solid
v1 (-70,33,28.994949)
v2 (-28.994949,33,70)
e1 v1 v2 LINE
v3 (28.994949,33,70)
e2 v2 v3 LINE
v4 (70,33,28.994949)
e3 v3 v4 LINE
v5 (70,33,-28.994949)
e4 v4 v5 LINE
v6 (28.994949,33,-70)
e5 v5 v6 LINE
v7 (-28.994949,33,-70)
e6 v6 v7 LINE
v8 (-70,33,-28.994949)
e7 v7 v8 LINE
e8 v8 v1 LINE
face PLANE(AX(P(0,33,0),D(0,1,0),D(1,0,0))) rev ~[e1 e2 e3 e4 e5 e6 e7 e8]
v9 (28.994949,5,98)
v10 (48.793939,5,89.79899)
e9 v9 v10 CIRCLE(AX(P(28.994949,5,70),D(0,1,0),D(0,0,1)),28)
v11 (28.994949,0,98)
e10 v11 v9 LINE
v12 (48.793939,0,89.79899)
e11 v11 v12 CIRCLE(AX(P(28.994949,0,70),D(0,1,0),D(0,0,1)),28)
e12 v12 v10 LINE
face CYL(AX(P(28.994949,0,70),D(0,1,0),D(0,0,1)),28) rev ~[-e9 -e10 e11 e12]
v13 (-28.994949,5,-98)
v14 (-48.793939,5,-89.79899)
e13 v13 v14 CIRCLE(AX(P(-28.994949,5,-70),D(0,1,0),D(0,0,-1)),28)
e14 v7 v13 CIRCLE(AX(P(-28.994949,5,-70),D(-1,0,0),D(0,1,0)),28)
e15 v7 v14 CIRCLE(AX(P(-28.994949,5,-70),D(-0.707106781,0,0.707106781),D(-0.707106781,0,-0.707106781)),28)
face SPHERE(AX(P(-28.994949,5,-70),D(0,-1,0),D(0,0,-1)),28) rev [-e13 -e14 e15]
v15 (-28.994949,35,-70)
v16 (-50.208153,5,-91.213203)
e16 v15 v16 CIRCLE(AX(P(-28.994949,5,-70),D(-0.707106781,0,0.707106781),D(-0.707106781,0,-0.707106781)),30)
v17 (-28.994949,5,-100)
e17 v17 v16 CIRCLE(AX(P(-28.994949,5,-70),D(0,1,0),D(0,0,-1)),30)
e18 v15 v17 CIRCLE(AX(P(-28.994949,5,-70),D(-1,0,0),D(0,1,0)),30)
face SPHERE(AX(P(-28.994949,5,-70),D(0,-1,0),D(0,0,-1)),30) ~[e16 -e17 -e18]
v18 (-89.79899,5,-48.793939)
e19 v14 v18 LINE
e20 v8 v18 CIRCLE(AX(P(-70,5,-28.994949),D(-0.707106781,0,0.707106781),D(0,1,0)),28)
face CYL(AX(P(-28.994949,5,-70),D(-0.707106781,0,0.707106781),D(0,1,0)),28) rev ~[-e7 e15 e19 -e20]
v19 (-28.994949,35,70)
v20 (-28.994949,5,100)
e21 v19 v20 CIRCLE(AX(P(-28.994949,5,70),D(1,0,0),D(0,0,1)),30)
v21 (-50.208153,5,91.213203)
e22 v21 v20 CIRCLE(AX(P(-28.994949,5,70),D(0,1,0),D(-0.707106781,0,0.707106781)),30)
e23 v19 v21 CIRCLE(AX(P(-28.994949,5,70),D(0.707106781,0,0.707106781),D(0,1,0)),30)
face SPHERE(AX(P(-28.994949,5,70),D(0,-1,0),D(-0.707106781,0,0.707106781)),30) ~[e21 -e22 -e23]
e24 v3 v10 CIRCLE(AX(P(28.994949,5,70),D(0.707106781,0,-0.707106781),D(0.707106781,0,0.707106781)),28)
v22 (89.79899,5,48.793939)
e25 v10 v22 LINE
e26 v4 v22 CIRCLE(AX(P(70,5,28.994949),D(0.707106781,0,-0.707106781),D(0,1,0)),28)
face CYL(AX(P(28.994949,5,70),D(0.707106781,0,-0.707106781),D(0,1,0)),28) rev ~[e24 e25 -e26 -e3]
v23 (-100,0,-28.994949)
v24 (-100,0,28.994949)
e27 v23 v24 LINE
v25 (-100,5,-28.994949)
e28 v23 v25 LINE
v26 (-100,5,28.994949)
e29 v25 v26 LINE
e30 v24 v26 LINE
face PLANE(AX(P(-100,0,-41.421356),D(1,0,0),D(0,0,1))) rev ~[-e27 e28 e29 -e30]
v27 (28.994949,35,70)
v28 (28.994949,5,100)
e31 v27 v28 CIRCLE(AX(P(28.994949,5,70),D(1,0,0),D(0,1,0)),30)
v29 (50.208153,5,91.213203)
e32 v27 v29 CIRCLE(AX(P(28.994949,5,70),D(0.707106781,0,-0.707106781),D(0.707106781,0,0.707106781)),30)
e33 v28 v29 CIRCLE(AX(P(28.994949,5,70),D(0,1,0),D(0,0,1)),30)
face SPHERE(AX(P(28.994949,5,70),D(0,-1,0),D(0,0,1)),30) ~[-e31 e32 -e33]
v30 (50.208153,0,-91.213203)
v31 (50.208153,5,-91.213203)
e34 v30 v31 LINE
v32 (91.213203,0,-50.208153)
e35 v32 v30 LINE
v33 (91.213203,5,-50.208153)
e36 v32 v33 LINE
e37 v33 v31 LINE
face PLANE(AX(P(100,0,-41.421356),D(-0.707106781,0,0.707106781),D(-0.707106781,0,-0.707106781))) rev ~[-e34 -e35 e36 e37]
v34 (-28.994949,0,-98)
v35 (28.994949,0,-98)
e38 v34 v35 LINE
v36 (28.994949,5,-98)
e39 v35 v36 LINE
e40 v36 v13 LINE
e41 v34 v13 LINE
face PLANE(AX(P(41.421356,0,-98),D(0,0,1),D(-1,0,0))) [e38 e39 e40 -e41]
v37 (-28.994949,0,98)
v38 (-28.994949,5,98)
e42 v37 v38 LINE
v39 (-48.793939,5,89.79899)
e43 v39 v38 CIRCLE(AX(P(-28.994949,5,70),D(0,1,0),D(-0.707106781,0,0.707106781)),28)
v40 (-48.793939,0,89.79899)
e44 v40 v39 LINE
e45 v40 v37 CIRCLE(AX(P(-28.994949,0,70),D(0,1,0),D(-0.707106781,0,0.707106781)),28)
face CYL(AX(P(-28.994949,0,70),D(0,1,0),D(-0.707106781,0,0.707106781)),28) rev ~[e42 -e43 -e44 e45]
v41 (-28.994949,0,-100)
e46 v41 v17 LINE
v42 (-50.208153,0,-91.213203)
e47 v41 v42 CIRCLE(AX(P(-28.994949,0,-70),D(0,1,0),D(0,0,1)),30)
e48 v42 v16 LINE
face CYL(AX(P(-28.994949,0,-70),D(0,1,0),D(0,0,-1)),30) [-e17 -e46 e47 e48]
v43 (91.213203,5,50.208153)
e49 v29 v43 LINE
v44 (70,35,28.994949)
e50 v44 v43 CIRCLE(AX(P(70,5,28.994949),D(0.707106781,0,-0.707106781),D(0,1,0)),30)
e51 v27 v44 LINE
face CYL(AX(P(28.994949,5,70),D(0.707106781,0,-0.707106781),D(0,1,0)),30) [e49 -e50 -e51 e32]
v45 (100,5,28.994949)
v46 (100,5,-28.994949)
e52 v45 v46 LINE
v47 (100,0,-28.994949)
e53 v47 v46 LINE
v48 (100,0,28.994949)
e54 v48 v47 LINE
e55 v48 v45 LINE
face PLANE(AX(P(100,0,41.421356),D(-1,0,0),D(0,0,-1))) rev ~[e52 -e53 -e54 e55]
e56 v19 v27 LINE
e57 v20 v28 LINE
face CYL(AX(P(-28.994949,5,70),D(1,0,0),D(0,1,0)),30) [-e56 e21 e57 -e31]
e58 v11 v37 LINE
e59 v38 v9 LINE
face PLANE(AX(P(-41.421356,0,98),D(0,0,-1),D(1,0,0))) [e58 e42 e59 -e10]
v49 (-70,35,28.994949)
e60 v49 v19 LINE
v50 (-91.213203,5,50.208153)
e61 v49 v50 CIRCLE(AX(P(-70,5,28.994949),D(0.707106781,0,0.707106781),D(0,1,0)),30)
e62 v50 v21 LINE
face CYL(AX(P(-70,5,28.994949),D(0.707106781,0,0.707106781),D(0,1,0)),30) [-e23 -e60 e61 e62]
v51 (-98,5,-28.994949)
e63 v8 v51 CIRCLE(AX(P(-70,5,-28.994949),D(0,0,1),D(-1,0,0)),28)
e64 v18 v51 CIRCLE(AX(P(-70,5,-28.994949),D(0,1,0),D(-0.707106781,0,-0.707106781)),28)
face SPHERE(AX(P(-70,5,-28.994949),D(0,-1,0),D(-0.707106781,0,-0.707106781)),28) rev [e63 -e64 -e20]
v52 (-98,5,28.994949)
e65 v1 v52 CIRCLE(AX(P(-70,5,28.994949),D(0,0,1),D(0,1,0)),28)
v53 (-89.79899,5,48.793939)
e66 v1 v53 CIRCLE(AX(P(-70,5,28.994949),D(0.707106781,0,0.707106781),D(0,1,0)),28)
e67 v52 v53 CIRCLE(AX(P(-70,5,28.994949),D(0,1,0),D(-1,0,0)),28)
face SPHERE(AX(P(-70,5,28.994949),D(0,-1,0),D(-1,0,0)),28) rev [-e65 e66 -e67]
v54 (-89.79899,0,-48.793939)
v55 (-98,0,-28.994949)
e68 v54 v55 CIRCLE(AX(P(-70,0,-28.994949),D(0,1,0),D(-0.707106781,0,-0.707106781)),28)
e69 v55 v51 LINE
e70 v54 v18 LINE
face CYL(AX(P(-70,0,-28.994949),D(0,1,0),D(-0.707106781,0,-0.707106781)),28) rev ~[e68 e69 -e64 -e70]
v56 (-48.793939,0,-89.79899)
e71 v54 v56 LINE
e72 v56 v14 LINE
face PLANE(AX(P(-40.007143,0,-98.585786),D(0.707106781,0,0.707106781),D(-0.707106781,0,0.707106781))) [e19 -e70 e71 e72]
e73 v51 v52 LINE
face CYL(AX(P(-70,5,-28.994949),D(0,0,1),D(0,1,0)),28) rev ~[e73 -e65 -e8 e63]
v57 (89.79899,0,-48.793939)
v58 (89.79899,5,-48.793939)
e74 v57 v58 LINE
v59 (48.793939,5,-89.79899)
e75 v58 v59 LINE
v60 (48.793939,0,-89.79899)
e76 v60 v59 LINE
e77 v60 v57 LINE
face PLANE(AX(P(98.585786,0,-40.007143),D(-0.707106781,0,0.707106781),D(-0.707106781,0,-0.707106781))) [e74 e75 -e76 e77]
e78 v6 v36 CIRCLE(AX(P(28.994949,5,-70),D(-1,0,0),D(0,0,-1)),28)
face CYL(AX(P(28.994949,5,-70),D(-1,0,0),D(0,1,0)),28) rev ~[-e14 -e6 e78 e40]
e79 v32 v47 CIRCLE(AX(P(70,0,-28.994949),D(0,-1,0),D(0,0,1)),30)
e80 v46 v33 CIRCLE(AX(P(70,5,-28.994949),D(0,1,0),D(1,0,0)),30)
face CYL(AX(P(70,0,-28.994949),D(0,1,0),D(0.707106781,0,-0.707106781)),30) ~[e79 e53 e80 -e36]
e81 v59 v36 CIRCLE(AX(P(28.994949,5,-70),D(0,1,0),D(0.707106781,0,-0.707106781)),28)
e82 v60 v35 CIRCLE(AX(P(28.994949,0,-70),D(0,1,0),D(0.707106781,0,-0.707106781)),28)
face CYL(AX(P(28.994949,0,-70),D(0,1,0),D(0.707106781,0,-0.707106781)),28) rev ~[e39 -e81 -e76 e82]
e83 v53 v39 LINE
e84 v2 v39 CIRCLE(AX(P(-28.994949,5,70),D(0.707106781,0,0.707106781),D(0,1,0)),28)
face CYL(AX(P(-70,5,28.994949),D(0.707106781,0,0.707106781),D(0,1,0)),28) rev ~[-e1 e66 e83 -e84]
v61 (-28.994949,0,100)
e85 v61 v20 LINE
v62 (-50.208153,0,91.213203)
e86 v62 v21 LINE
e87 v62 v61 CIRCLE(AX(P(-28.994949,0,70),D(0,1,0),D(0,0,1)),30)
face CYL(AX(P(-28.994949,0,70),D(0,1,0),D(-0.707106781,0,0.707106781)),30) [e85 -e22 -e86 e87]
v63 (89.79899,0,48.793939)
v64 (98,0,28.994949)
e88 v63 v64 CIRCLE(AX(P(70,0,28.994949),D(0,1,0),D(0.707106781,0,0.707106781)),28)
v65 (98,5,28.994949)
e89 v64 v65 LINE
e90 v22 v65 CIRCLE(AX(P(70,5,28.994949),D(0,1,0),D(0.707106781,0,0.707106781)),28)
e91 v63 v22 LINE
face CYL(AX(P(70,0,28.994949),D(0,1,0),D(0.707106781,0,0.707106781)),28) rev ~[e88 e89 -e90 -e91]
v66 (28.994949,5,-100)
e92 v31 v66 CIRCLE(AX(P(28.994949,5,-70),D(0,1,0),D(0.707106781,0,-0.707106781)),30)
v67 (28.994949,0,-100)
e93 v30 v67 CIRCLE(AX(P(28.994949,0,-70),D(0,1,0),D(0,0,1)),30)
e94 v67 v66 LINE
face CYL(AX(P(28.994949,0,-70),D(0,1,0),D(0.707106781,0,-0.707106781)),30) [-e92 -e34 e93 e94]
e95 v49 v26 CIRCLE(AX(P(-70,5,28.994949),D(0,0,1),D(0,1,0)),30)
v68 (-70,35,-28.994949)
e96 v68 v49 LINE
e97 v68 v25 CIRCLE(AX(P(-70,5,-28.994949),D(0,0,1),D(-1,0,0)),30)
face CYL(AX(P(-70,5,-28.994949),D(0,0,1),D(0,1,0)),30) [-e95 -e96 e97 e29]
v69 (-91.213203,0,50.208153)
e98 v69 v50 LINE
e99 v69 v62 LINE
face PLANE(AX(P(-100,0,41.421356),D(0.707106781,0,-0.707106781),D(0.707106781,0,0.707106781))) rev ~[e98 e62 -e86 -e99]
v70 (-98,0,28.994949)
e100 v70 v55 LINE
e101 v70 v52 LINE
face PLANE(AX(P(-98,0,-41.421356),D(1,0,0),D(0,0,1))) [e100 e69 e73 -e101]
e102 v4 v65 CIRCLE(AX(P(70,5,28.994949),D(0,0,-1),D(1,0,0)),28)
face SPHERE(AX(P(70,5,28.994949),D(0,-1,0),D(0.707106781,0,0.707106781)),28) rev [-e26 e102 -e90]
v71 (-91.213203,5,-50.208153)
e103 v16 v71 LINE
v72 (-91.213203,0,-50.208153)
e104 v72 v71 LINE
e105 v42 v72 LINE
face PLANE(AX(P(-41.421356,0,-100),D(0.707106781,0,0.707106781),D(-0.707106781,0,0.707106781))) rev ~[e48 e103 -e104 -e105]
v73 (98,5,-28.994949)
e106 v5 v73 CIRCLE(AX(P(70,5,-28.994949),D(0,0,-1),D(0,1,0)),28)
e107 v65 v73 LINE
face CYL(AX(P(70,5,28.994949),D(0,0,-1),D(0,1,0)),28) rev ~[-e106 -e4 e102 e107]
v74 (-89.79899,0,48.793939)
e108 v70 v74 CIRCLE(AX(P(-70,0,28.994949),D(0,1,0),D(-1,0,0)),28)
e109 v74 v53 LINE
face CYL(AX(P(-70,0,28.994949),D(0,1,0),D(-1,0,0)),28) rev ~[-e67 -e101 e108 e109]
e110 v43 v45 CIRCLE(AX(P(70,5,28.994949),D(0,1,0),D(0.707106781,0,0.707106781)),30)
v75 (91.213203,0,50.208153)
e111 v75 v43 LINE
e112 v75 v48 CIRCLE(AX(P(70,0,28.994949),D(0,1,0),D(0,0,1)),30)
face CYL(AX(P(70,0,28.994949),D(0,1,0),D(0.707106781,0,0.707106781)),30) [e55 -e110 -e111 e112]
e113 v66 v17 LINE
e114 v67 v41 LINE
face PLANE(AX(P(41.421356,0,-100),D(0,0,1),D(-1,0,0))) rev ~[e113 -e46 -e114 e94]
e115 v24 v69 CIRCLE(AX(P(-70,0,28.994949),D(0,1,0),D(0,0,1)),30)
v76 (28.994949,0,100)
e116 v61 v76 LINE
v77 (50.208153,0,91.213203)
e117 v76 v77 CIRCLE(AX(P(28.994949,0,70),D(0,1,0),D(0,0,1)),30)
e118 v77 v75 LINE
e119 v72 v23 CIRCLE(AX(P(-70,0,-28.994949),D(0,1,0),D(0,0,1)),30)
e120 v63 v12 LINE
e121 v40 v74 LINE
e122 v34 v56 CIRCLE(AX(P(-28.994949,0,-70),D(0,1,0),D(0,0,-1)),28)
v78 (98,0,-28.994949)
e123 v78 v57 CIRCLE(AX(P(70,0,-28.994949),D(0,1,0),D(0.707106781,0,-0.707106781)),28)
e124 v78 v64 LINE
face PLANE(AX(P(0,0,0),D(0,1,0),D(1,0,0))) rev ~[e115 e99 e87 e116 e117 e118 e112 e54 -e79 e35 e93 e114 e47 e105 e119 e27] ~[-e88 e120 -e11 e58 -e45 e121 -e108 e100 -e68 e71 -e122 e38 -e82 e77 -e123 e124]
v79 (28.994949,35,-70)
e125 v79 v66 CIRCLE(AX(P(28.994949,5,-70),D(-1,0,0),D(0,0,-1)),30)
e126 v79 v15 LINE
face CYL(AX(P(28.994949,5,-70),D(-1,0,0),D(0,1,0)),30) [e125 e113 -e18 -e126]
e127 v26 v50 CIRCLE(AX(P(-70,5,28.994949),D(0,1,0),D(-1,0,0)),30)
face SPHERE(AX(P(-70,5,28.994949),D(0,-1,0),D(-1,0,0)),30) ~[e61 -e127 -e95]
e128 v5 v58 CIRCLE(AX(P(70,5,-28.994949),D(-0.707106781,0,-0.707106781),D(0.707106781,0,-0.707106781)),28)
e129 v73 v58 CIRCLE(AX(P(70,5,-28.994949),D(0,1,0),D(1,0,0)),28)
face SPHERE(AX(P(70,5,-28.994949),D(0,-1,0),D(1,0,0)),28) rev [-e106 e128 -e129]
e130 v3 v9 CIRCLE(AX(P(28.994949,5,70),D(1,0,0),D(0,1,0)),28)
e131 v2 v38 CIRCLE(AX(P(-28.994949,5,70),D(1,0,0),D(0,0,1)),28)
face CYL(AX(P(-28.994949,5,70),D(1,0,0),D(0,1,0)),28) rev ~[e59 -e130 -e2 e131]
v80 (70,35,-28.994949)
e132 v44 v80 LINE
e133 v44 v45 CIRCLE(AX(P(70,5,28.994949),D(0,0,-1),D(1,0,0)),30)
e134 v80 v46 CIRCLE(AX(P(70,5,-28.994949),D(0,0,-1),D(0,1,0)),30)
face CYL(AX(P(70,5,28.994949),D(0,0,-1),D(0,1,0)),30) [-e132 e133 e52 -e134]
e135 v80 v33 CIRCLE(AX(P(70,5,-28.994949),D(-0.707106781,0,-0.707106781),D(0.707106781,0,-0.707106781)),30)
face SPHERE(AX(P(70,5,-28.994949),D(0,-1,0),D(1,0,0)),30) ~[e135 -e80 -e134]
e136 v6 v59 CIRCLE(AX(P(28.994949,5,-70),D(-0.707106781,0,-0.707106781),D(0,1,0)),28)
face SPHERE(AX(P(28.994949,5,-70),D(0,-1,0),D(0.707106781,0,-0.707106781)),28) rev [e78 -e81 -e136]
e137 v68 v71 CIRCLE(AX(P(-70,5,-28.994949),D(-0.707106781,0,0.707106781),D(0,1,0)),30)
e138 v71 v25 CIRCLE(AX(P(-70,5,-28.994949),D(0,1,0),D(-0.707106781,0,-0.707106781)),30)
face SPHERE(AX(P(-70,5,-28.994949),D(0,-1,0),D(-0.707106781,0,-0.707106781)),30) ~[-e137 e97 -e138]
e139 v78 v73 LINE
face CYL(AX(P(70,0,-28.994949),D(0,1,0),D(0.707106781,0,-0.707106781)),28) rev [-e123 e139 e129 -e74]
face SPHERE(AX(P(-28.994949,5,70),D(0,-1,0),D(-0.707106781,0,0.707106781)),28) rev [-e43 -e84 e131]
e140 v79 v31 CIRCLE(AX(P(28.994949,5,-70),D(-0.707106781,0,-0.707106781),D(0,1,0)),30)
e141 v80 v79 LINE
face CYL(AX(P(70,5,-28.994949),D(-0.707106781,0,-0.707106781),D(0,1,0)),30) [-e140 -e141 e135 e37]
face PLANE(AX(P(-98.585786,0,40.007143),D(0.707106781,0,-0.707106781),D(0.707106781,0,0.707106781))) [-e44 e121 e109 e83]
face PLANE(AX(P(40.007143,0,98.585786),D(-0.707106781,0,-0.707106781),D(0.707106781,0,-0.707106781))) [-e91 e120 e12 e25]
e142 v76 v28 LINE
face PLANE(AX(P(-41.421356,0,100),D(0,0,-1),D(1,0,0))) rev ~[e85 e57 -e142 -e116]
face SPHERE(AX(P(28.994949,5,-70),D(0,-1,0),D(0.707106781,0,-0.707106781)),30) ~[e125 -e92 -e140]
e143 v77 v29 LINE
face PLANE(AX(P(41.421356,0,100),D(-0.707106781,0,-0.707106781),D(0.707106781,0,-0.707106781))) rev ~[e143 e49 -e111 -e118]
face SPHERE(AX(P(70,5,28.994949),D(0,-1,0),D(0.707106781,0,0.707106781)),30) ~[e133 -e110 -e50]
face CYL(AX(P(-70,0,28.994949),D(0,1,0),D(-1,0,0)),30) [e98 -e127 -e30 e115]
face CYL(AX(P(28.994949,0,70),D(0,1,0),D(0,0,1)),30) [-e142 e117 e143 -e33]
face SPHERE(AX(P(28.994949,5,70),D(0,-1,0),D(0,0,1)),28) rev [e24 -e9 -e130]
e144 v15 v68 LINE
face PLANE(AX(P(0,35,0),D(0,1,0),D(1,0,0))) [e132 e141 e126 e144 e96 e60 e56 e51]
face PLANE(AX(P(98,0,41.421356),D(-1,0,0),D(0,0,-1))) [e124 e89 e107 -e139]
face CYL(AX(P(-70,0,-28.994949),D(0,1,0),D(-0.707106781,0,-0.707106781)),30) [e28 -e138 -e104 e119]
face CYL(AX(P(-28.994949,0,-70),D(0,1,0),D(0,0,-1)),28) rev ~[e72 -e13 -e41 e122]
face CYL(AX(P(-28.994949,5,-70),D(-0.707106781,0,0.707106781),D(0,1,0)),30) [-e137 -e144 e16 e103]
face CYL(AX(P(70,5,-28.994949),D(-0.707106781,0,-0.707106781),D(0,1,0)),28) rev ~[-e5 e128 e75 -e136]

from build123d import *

# Parameters (mm, degrees)
BOSS_EXTRUDE1_DEPTH = 35
FILLET9_R           = 30
FILLET12_R          = 30
SHELL2_T            = -2


with BuildPart() as part:
    # Sketch1 → Boss-Extrude1 (new body)
    with BuildSketch(Plane(origin=(0, 0, 0), x_dir=(1, 0, 0), z_dir=(0, 1, 0))):
        Polygon((100, 41.421356237), (41.421356237, 100), (-41.421356237, 100), (-100, 41.421356237), (-100, -41.421356237), (-41.421356237, -100), (41.421356237, -100), (100, -41.421356237), align=None)
    extrude(amount=BOSS_EXTRUDE1_DEPTH)

    # Fillet9
    fillet9_edges = [part.edges().sort_by_distance(p)[0] for p in [
        (41.421356237, 17.5, -100),
        (100, 17.5, -41.421356237),
        (100, 17.5, 41.421356237),
        (41.421356237, 17.5, 100),
        (-41.421356237, 17.5, 100),
        (-100, 17.5, 41.421356237),
        (-100, 17.5, -41.421356237),
        (-41.421356237, 17.5, -100),
    ]]
    fillet(fillet9_edges, radius=FILLET9_R)

    # Fillet12
    fillet12_edges = [part.edges().sort_by_distance(p)[0] for p in [
        (-70.710678119, 35, 70.710678119),
        (-100, 35, 0),
        (0, 35, -100),
        (-70.710678119, 35, -70.710678119),
        (0, 35, 100),
        (70.710678119, 35, 70.710678119),
        (100, 35, 0),
        (70.710678119, 35, -70.710678119),
        (-40.475452337, 35, 97.716385975),
        (40.475452337, 35, 97.716385975),
        (97.716385975, 35, 40.475452337),
        (97.716385975, 35, -40.475452337),
        (40.475452337, 35, -97.716385975),
        (-40.475452337, 35, -97.716385975),
        (-97.716385975, 35, -40.475452337),
        (-97.716385975, 35, 40.475452337),
    ]]
    fillet(fillet12_edges, radius=FILLET12_R)

    # Shell2
    shell2_openings = [part.faces().sort_by_distance(p)[0] for p in [
        (0, 0, 0),
    ]]
    offset(amount=SHELL2_T, openings=shell2_openings, kind=Kind.INTERSECTION)


solid = part.part
